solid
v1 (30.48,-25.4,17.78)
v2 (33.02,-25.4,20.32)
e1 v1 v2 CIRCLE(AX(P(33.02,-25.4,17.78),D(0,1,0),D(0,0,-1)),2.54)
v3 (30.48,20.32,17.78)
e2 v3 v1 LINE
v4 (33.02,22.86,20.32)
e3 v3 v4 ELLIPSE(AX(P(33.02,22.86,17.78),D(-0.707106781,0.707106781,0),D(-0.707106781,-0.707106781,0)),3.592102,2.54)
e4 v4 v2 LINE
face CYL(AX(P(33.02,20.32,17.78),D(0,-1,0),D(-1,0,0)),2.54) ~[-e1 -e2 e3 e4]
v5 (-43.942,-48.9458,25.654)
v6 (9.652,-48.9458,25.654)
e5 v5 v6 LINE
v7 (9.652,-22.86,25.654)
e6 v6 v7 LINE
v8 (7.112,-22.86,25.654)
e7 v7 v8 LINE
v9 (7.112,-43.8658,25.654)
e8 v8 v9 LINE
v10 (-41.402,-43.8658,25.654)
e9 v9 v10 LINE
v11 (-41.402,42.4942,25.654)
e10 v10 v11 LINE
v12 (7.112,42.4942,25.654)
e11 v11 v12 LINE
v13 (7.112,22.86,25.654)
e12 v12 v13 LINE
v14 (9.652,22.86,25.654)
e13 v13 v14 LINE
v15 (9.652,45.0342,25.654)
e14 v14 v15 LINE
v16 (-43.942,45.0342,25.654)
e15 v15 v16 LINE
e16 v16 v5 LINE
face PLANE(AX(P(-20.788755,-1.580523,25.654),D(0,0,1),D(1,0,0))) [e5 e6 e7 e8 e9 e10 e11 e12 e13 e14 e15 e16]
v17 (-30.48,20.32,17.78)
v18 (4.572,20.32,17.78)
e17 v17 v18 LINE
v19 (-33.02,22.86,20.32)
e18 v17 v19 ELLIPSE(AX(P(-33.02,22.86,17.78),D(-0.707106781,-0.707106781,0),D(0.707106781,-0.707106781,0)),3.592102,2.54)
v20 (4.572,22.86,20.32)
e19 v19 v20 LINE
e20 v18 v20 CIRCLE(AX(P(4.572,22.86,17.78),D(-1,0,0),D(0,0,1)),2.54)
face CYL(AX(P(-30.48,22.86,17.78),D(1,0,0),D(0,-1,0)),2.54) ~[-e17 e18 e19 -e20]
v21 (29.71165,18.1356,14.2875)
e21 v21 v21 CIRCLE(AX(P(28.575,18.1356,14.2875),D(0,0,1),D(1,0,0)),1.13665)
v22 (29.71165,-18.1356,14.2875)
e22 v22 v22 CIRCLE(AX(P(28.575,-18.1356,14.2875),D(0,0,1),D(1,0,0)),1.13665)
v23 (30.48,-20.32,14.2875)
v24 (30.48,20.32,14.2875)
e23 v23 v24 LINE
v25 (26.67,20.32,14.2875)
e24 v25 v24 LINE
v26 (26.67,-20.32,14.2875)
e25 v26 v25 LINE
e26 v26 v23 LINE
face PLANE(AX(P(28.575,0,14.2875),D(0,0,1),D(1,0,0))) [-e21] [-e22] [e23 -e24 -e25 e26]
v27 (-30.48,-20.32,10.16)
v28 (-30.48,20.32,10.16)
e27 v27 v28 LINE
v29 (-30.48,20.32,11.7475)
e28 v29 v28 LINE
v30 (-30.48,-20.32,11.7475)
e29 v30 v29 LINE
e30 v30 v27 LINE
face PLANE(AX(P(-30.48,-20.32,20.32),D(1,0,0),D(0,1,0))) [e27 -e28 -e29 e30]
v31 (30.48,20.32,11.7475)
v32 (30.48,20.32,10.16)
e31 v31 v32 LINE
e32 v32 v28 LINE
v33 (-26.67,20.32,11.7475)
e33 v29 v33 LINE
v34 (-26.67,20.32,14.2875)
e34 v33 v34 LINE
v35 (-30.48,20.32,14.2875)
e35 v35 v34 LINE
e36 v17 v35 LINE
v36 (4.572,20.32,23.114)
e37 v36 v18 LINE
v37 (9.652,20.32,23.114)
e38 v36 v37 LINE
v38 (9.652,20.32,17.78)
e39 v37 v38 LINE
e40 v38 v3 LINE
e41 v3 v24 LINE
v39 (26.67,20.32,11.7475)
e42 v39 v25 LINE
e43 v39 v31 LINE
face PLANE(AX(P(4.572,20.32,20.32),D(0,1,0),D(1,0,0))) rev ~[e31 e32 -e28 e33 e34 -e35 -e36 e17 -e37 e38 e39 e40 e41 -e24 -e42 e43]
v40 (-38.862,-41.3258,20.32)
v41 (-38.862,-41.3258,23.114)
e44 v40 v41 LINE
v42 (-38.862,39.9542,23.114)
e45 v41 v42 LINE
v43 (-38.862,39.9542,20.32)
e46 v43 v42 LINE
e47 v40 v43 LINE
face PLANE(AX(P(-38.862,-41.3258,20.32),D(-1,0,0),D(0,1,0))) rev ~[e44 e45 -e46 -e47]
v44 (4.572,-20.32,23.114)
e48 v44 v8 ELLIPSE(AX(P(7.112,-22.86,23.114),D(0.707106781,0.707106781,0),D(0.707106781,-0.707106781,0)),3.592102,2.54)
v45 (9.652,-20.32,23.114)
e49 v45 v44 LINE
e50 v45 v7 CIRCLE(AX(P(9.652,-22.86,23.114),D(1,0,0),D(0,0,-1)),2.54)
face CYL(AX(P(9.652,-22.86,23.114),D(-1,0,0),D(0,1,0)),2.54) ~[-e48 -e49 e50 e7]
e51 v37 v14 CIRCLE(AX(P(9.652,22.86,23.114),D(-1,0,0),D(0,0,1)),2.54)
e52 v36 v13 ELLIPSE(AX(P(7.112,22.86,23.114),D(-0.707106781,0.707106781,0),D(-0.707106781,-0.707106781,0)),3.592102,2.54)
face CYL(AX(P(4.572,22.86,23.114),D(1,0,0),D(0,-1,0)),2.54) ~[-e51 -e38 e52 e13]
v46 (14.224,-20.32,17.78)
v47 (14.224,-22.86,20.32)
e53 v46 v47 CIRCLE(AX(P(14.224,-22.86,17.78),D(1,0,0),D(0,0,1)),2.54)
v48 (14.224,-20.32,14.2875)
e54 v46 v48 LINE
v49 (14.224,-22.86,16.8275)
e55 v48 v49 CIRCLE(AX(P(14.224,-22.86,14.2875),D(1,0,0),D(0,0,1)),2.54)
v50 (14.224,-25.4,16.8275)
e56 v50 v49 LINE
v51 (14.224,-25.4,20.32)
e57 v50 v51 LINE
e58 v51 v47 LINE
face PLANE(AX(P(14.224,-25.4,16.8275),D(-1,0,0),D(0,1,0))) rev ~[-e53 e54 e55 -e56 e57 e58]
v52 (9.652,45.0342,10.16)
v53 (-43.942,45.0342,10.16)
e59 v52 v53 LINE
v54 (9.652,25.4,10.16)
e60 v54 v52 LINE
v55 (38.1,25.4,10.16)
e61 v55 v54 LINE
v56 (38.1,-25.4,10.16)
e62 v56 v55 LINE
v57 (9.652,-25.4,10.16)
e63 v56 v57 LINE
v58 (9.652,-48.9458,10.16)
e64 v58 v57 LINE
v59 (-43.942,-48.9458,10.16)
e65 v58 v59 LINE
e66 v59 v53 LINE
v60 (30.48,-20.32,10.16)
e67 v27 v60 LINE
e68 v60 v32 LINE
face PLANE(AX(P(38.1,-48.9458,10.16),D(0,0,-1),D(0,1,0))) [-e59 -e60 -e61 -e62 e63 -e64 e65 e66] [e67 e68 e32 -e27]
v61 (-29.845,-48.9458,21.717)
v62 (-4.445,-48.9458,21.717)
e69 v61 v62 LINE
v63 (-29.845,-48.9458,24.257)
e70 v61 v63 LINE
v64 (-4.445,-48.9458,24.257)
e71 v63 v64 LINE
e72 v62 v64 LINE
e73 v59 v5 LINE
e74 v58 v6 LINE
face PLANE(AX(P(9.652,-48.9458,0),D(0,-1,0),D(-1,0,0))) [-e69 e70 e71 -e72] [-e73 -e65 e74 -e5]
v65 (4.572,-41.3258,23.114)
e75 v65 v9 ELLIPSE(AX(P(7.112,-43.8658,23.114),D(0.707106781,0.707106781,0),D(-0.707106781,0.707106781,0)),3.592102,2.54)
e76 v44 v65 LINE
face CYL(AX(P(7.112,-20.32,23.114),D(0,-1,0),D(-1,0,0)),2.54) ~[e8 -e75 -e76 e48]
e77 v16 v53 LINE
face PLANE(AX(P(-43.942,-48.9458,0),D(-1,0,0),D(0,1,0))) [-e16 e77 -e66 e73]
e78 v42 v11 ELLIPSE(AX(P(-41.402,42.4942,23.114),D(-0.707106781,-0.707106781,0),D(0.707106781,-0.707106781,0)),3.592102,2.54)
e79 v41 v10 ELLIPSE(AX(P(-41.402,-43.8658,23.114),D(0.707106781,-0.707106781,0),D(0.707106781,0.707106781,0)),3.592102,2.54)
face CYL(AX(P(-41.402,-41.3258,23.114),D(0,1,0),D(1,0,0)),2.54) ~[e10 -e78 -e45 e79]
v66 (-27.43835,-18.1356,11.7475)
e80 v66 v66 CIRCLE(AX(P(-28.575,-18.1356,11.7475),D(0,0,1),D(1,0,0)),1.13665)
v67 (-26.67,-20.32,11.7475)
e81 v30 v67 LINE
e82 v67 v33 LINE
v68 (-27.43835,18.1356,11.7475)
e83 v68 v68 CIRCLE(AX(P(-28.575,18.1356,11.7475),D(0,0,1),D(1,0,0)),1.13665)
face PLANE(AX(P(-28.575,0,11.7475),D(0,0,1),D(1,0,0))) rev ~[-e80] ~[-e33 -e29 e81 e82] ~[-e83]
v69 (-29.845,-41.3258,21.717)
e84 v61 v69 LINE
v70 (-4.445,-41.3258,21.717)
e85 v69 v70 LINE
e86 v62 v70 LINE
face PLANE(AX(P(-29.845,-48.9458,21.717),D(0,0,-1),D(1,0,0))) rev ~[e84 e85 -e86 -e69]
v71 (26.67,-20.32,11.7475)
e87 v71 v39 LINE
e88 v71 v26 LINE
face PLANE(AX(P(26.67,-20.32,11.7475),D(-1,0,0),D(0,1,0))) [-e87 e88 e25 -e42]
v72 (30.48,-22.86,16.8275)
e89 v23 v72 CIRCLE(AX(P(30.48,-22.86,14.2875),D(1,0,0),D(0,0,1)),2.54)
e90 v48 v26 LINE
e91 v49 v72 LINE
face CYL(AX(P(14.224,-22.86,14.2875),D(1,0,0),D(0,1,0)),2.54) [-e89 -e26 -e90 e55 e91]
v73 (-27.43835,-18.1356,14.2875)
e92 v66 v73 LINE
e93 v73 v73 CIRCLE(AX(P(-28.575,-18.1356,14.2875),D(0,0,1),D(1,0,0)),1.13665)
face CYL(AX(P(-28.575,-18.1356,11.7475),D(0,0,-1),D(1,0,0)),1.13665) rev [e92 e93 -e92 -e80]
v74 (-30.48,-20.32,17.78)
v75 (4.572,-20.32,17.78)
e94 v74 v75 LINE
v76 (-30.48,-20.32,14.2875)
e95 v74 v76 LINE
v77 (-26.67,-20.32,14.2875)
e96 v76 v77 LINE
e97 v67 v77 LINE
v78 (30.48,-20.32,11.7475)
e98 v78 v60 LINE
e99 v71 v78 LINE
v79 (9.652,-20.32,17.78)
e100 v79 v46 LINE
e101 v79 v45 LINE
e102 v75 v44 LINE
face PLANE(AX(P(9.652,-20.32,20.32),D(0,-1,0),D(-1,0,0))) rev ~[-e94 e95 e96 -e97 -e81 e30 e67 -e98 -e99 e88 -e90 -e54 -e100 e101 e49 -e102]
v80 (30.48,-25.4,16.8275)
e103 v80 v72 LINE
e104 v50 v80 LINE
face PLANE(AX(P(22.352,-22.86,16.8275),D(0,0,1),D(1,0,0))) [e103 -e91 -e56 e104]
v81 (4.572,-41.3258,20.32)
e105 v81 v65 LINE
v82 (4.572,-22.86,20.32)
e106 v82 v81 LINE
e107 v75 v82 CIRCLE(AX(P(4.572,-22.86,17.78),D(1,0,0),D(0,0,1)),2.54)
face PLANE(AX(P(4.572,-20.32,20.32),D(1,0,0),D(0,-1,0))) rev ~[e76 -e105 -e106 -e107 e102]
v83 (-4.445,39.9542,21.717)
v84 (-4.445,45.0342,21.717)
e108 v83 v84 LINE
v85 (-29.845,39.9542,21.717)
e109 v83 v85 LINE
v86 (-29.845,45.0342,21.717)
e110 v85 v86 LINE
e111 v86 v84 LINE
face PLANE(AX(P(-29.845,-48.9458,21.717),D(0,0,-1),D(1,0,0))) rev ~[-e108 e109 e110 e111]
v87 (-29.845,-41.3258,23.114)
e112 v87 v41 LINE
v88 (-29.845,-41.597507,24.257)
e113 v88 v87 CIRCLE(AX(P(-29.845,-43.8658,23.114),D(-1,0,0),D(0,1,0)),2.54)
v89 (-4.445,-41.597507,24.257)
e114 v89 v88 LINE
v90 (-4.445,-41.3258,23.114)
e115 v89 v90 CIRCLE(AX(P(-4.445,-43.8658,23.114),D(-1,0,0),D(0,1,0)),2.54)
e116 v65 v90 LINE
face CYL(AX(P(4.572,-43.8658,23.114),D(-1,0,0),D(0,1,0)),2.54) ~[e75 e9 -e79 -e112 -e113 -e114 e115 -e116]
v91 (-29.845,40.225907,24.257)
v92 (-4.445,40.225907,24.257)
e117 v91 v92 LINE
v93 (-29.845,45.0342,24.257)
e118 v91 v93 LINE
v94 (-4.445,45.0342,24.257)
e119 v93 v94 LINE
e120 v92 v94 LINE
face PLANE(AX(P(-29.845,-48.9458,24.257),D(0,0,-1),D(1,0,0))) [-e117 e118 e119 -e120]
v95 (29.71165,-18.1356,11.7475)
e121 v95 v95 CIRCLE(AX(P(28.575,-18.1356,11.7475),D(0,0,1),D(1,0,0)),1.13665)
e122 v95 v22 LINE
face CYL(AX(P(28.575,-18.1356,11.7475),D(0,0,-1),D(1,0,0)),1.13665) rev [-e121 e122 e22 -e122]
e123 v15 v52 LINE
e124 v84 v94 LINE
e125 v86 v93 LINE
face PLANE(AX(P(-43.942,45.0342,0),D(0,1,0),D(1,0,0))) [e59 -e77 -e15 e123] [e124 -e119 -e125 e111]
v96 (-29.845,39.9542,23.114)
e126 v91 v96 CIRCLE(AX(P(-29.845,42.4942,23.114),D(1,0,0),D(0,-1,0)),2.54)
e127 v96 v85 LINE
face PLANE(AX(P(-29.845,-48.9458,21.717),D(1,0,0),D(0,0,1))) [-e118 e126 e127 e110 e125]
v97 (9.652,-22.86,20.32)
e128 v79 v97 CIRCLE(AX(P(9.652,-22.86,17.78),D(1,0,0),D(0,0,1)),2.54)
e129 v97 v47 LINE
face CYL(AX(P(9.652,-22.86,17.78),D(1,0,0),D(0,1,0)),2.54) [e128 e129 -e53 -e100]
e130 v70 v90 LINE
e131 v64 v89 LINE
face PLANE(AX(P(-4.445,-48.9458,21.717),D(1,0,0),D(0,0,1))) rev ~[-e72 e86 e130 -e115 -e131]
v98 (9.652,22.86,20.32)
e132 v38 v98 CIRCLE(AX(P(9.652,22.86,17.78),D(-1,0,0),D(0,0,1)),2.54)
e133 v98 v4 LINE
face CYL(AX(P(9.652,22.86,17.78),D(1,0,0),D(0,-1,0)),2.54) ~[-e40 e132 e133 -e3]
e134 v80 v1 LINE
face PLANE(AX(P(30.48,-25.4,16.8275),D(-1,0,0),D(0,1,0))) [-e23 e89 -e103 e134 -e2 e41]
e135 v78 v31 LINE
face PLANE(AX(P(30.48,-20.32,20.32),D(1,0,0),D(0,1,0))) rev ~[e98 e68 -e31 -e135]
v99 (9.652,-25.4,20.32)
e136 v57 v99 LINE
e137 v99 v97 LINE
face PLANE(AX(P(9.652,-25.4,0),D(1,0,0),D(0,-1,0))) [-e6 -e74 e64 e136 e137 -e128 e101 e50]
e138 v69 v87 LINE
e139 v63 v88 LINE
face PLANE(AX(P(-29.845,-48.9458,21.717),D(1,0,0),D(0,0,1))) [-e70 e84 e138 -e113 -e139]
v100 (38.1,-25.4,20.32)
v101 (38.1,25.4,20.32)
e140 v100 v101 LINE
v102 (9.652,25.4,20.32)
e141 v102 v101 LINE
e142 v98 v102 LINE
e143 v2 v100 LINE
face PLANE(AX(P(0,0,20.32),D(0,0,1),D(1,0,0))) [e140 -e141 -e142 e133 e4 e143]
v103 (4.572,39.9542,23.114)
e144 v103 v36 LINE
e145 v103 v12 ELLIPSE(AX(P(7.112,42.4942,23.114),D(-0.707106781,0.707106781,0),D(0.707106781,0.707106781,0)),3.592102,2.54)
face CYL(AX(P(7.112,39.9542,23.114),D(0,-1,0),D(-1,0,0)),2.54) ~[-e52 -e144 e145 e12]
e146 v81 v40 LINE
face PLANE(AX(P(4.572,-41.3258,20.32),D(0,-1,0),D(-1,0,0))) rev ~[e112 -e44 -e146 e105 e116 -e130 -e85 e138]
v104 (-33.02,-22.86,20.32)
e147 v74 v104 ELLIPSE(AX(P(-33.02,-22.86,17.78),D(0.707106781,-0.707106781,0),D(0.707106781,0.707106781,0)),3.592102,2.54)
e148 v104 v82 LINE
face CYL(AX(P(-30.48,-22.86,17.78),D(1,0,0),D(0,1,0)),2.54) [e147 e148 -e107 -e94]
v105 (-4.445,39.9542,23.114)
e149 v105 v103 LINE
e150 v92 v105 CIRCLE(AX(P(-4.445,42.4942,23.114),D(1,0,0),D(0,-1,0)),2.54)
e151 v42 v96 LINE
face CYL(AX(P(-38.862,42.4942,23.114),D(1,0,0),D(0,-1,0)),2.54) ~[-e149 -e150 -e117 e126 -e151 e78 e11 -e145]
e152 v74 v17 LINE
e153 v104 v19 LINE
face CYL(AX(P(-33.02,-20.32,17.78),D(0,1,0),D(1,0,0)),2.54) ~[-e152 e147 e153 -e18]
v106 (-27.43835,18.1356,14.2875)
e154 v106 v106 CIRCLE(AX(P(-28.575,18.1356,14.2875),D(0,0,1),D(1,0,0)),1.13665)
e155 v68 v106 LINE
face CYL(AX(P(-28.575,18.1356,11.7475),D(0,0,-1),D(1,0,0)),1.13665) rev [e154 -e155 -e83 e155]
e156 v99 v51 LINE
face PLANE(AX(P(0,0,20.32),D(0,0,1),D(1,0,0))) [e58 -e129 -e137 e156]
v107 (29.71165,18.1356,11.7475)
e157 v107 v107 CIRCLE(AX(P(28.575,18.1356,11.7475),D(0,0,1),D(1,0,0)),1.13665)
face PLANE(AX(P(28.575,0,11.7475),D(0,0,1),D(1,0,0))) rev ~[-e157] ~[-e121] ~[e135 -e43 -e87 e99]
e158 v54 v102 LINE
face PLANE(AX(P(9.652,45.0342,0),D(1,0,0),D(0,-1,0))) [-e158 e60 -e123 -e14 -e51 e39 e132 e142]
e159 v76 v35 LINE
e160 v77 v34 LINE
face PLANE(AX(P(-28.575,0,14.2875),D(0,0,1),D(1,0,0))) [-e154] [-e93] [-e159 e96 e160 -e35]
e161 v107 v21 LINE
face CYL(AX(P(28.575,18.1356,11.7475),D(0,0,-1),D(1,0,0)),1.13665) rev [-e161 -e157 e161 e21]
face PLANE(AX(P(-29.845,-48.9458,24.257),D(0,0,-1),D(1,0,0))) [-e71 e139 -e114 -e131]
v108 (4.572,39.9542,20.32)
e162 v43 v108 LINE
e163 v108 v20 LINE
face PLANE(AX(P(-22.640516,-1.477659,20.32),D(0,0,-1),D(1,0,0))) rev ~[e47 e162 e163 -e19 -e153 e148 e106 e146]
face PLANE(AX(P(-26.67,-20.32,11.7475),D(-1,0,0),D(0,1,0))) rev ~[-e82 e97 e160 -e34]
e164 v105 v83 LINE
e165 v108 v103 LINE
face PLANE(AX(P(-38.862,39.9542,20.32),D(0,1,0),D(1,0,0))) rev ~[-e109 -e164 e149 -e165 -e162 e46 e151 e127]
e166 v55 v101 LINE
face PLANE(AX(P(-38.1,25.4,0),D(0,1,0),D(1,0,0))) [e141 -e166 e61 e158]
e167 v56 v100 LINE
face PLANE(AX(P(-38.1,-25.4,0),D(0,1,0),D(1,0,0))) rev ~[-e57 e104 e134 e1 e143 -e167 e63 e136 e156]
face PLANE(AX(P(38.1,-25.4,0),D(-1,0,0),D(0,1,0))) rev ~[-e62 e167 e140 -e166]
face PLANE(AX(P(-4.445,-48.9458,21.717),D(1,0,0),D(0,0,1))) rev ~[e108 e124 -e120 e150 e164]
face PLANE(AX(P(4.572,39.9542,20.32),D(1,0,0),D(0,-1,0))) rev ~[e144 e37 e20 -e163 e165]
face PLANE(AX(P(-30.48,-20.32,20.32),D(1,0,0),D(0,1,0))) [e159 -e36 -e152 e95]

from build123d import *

# Parameters (mm, degrees)
F0_W      = 76.2
F0_H      = 50.8
F1_DEPTH  = 20.32
F2_W      = 60.96
F2_H      = 40.64
F3_DEPTH  = 17.272
F5_W      = 3.81
F5_H      = 40.64
F5_R      = 1.13665
F6_DEPTH  = 2.54
F8_W      = 16.256
F8_H      = 5.08
F9_DEPTH  = 3.4925
F11_DEPTH = 5.334
F13_DEPTH = 20.32
F14_R     = 2.54
F15_W     = 93.98
F15_H     = 10.16
F16_DEPTH = 82.042
F17_W     = 25.4
F17_H     = 2.54
F18_DEPTH = 93.98


with BuildPart() as f1:
    # F0 (on Top) → F1 (new body)
    with BuildSketch(Plane.XY):
        Rectangle(F0_W, F0_H)
    extrude(amount=F1_DEPTH)

    # F2 (on face) → F3 (cut)
    with BuildSketch(Plane.XY.offset(20.32)):
        Rectangle(F2_W, F2_H)
    extrude(amount=-F3_DEPTH, mode=Mode.SUBTRACT)

    # F5 (on offset) → F6 (join)
    with BuildSketch(Plane.XY.offset(11.7475)):
        with Locations((-28.575, 0)):
            Rectangle(F5_W, F5_H)
        with Locations((-28.575, -18.1356)):
            Circle(F5_R, mode=Mode.SUBTRACT)
        with Locations((-28.575, 18.1356)):
            Circle(F5_R, mode=Mode.SUBTRACT)
        with Locations((28.575, 0)):
            Rectangle(F5_W, F5_H)
        with Locations((28.575, -18.1356)):
            Circle(F5_R, mode=Mode.SUBTRACT)
        with Locations((28.575, 18.1356)):
            Circle(F5_R, mode=Mode.SUBTRACT)
    extrude(amount=F6_DEPTH)

    # F8 (on offset) → F9 (cut, through all)
    with BuildSketch(Plane.XY.offset(16.8275)):
        with Locations((22.352, -22.86)):
            Rectangle(F8_W, F8_H)
    extrude(amount=F9_DEPTH, mode=Mode.SUBTRACT)

    # F10 (on face) → F11 (join)
    with BuildSketch(Plane.XY.offset(20.32)):
        Polygon((-38.862, -41.3258), (-38.862, 39.9542), (4.572, 39.9542), (4.572, 20.32), (9.652, 20.32), (9.652, 45.0342), (-43.942, 45.0342), (-43.942, -48.9458), (9.652, -48.9458), (9.652, -20.32), (4.572, -20.32), (4.572, -41.3258), align=None)
    extrude(amount=F11_DEPTH)

    # F12 (on face) → F13 (join, through all)
    with BuildSketch(Plane(origin=(0, 0, 0), x_dir=(1, 0, 0), z_dir=(0, 0, -1))):
        Polygon((-43.942, 48.9458), (-43.942, -45.0342), (9.652, -45.0342), (9.652, -25.4), (-38.1, -25.4), (-38.1, 25.4), (9.652, 25.4), (9.652, 48.9458), align=None)
    extrude(amount=-F13_DEPTH)

    # F14
    f14_edges = [f1.edges().sort_by_distance(p)[0] for p in [
        (-12.954, 20.32, 20.32),
        (-30.48, 0, 20.32),
        (30.48, -2.54, 20.32),
        (-17.145, 39.9542, 25.654),
        (-38.862, -0.6858, 25.654),
        (-17.145, -41.3258, 25.654),
        (4.572, -30.8229, 25.654),
        (4.572, 30.1371, 25.654),
        (22.352, -20.32, 16.8275),
        (11.938, -20.32, 20.32),
        (-12.954, -20.32, 20.32),
        (20.066, 20.32, 20.32),
        (7.112, 20.32, 25.654),
        (7.112, -20.32, 25.654),
    ]]
    fillet(f14_edges, radius=F14_R)

    # F15 (on face) → F16 (cut, through all)
    with BuildSketch(Plane.YZ.offset(38.1)):
        with Locations((-1.9558, 5.08)):
            Rectangle(F15_W, F15_H)
    extrude(amount=-F16_DEPTH, mode=Mode.SUBTRACT)

    # F17 (on face) → F18 (cut, through all)
    with BuildSketch(Plane.XZ.offset(48.9458)):
        with Locations((-17.145, 22.987)):
            Rectangle(F17_W, F17_H)
    extrude(amount=-F18_DEPTH, mode=Mode.SUBTRACT)


solid = f1.part
